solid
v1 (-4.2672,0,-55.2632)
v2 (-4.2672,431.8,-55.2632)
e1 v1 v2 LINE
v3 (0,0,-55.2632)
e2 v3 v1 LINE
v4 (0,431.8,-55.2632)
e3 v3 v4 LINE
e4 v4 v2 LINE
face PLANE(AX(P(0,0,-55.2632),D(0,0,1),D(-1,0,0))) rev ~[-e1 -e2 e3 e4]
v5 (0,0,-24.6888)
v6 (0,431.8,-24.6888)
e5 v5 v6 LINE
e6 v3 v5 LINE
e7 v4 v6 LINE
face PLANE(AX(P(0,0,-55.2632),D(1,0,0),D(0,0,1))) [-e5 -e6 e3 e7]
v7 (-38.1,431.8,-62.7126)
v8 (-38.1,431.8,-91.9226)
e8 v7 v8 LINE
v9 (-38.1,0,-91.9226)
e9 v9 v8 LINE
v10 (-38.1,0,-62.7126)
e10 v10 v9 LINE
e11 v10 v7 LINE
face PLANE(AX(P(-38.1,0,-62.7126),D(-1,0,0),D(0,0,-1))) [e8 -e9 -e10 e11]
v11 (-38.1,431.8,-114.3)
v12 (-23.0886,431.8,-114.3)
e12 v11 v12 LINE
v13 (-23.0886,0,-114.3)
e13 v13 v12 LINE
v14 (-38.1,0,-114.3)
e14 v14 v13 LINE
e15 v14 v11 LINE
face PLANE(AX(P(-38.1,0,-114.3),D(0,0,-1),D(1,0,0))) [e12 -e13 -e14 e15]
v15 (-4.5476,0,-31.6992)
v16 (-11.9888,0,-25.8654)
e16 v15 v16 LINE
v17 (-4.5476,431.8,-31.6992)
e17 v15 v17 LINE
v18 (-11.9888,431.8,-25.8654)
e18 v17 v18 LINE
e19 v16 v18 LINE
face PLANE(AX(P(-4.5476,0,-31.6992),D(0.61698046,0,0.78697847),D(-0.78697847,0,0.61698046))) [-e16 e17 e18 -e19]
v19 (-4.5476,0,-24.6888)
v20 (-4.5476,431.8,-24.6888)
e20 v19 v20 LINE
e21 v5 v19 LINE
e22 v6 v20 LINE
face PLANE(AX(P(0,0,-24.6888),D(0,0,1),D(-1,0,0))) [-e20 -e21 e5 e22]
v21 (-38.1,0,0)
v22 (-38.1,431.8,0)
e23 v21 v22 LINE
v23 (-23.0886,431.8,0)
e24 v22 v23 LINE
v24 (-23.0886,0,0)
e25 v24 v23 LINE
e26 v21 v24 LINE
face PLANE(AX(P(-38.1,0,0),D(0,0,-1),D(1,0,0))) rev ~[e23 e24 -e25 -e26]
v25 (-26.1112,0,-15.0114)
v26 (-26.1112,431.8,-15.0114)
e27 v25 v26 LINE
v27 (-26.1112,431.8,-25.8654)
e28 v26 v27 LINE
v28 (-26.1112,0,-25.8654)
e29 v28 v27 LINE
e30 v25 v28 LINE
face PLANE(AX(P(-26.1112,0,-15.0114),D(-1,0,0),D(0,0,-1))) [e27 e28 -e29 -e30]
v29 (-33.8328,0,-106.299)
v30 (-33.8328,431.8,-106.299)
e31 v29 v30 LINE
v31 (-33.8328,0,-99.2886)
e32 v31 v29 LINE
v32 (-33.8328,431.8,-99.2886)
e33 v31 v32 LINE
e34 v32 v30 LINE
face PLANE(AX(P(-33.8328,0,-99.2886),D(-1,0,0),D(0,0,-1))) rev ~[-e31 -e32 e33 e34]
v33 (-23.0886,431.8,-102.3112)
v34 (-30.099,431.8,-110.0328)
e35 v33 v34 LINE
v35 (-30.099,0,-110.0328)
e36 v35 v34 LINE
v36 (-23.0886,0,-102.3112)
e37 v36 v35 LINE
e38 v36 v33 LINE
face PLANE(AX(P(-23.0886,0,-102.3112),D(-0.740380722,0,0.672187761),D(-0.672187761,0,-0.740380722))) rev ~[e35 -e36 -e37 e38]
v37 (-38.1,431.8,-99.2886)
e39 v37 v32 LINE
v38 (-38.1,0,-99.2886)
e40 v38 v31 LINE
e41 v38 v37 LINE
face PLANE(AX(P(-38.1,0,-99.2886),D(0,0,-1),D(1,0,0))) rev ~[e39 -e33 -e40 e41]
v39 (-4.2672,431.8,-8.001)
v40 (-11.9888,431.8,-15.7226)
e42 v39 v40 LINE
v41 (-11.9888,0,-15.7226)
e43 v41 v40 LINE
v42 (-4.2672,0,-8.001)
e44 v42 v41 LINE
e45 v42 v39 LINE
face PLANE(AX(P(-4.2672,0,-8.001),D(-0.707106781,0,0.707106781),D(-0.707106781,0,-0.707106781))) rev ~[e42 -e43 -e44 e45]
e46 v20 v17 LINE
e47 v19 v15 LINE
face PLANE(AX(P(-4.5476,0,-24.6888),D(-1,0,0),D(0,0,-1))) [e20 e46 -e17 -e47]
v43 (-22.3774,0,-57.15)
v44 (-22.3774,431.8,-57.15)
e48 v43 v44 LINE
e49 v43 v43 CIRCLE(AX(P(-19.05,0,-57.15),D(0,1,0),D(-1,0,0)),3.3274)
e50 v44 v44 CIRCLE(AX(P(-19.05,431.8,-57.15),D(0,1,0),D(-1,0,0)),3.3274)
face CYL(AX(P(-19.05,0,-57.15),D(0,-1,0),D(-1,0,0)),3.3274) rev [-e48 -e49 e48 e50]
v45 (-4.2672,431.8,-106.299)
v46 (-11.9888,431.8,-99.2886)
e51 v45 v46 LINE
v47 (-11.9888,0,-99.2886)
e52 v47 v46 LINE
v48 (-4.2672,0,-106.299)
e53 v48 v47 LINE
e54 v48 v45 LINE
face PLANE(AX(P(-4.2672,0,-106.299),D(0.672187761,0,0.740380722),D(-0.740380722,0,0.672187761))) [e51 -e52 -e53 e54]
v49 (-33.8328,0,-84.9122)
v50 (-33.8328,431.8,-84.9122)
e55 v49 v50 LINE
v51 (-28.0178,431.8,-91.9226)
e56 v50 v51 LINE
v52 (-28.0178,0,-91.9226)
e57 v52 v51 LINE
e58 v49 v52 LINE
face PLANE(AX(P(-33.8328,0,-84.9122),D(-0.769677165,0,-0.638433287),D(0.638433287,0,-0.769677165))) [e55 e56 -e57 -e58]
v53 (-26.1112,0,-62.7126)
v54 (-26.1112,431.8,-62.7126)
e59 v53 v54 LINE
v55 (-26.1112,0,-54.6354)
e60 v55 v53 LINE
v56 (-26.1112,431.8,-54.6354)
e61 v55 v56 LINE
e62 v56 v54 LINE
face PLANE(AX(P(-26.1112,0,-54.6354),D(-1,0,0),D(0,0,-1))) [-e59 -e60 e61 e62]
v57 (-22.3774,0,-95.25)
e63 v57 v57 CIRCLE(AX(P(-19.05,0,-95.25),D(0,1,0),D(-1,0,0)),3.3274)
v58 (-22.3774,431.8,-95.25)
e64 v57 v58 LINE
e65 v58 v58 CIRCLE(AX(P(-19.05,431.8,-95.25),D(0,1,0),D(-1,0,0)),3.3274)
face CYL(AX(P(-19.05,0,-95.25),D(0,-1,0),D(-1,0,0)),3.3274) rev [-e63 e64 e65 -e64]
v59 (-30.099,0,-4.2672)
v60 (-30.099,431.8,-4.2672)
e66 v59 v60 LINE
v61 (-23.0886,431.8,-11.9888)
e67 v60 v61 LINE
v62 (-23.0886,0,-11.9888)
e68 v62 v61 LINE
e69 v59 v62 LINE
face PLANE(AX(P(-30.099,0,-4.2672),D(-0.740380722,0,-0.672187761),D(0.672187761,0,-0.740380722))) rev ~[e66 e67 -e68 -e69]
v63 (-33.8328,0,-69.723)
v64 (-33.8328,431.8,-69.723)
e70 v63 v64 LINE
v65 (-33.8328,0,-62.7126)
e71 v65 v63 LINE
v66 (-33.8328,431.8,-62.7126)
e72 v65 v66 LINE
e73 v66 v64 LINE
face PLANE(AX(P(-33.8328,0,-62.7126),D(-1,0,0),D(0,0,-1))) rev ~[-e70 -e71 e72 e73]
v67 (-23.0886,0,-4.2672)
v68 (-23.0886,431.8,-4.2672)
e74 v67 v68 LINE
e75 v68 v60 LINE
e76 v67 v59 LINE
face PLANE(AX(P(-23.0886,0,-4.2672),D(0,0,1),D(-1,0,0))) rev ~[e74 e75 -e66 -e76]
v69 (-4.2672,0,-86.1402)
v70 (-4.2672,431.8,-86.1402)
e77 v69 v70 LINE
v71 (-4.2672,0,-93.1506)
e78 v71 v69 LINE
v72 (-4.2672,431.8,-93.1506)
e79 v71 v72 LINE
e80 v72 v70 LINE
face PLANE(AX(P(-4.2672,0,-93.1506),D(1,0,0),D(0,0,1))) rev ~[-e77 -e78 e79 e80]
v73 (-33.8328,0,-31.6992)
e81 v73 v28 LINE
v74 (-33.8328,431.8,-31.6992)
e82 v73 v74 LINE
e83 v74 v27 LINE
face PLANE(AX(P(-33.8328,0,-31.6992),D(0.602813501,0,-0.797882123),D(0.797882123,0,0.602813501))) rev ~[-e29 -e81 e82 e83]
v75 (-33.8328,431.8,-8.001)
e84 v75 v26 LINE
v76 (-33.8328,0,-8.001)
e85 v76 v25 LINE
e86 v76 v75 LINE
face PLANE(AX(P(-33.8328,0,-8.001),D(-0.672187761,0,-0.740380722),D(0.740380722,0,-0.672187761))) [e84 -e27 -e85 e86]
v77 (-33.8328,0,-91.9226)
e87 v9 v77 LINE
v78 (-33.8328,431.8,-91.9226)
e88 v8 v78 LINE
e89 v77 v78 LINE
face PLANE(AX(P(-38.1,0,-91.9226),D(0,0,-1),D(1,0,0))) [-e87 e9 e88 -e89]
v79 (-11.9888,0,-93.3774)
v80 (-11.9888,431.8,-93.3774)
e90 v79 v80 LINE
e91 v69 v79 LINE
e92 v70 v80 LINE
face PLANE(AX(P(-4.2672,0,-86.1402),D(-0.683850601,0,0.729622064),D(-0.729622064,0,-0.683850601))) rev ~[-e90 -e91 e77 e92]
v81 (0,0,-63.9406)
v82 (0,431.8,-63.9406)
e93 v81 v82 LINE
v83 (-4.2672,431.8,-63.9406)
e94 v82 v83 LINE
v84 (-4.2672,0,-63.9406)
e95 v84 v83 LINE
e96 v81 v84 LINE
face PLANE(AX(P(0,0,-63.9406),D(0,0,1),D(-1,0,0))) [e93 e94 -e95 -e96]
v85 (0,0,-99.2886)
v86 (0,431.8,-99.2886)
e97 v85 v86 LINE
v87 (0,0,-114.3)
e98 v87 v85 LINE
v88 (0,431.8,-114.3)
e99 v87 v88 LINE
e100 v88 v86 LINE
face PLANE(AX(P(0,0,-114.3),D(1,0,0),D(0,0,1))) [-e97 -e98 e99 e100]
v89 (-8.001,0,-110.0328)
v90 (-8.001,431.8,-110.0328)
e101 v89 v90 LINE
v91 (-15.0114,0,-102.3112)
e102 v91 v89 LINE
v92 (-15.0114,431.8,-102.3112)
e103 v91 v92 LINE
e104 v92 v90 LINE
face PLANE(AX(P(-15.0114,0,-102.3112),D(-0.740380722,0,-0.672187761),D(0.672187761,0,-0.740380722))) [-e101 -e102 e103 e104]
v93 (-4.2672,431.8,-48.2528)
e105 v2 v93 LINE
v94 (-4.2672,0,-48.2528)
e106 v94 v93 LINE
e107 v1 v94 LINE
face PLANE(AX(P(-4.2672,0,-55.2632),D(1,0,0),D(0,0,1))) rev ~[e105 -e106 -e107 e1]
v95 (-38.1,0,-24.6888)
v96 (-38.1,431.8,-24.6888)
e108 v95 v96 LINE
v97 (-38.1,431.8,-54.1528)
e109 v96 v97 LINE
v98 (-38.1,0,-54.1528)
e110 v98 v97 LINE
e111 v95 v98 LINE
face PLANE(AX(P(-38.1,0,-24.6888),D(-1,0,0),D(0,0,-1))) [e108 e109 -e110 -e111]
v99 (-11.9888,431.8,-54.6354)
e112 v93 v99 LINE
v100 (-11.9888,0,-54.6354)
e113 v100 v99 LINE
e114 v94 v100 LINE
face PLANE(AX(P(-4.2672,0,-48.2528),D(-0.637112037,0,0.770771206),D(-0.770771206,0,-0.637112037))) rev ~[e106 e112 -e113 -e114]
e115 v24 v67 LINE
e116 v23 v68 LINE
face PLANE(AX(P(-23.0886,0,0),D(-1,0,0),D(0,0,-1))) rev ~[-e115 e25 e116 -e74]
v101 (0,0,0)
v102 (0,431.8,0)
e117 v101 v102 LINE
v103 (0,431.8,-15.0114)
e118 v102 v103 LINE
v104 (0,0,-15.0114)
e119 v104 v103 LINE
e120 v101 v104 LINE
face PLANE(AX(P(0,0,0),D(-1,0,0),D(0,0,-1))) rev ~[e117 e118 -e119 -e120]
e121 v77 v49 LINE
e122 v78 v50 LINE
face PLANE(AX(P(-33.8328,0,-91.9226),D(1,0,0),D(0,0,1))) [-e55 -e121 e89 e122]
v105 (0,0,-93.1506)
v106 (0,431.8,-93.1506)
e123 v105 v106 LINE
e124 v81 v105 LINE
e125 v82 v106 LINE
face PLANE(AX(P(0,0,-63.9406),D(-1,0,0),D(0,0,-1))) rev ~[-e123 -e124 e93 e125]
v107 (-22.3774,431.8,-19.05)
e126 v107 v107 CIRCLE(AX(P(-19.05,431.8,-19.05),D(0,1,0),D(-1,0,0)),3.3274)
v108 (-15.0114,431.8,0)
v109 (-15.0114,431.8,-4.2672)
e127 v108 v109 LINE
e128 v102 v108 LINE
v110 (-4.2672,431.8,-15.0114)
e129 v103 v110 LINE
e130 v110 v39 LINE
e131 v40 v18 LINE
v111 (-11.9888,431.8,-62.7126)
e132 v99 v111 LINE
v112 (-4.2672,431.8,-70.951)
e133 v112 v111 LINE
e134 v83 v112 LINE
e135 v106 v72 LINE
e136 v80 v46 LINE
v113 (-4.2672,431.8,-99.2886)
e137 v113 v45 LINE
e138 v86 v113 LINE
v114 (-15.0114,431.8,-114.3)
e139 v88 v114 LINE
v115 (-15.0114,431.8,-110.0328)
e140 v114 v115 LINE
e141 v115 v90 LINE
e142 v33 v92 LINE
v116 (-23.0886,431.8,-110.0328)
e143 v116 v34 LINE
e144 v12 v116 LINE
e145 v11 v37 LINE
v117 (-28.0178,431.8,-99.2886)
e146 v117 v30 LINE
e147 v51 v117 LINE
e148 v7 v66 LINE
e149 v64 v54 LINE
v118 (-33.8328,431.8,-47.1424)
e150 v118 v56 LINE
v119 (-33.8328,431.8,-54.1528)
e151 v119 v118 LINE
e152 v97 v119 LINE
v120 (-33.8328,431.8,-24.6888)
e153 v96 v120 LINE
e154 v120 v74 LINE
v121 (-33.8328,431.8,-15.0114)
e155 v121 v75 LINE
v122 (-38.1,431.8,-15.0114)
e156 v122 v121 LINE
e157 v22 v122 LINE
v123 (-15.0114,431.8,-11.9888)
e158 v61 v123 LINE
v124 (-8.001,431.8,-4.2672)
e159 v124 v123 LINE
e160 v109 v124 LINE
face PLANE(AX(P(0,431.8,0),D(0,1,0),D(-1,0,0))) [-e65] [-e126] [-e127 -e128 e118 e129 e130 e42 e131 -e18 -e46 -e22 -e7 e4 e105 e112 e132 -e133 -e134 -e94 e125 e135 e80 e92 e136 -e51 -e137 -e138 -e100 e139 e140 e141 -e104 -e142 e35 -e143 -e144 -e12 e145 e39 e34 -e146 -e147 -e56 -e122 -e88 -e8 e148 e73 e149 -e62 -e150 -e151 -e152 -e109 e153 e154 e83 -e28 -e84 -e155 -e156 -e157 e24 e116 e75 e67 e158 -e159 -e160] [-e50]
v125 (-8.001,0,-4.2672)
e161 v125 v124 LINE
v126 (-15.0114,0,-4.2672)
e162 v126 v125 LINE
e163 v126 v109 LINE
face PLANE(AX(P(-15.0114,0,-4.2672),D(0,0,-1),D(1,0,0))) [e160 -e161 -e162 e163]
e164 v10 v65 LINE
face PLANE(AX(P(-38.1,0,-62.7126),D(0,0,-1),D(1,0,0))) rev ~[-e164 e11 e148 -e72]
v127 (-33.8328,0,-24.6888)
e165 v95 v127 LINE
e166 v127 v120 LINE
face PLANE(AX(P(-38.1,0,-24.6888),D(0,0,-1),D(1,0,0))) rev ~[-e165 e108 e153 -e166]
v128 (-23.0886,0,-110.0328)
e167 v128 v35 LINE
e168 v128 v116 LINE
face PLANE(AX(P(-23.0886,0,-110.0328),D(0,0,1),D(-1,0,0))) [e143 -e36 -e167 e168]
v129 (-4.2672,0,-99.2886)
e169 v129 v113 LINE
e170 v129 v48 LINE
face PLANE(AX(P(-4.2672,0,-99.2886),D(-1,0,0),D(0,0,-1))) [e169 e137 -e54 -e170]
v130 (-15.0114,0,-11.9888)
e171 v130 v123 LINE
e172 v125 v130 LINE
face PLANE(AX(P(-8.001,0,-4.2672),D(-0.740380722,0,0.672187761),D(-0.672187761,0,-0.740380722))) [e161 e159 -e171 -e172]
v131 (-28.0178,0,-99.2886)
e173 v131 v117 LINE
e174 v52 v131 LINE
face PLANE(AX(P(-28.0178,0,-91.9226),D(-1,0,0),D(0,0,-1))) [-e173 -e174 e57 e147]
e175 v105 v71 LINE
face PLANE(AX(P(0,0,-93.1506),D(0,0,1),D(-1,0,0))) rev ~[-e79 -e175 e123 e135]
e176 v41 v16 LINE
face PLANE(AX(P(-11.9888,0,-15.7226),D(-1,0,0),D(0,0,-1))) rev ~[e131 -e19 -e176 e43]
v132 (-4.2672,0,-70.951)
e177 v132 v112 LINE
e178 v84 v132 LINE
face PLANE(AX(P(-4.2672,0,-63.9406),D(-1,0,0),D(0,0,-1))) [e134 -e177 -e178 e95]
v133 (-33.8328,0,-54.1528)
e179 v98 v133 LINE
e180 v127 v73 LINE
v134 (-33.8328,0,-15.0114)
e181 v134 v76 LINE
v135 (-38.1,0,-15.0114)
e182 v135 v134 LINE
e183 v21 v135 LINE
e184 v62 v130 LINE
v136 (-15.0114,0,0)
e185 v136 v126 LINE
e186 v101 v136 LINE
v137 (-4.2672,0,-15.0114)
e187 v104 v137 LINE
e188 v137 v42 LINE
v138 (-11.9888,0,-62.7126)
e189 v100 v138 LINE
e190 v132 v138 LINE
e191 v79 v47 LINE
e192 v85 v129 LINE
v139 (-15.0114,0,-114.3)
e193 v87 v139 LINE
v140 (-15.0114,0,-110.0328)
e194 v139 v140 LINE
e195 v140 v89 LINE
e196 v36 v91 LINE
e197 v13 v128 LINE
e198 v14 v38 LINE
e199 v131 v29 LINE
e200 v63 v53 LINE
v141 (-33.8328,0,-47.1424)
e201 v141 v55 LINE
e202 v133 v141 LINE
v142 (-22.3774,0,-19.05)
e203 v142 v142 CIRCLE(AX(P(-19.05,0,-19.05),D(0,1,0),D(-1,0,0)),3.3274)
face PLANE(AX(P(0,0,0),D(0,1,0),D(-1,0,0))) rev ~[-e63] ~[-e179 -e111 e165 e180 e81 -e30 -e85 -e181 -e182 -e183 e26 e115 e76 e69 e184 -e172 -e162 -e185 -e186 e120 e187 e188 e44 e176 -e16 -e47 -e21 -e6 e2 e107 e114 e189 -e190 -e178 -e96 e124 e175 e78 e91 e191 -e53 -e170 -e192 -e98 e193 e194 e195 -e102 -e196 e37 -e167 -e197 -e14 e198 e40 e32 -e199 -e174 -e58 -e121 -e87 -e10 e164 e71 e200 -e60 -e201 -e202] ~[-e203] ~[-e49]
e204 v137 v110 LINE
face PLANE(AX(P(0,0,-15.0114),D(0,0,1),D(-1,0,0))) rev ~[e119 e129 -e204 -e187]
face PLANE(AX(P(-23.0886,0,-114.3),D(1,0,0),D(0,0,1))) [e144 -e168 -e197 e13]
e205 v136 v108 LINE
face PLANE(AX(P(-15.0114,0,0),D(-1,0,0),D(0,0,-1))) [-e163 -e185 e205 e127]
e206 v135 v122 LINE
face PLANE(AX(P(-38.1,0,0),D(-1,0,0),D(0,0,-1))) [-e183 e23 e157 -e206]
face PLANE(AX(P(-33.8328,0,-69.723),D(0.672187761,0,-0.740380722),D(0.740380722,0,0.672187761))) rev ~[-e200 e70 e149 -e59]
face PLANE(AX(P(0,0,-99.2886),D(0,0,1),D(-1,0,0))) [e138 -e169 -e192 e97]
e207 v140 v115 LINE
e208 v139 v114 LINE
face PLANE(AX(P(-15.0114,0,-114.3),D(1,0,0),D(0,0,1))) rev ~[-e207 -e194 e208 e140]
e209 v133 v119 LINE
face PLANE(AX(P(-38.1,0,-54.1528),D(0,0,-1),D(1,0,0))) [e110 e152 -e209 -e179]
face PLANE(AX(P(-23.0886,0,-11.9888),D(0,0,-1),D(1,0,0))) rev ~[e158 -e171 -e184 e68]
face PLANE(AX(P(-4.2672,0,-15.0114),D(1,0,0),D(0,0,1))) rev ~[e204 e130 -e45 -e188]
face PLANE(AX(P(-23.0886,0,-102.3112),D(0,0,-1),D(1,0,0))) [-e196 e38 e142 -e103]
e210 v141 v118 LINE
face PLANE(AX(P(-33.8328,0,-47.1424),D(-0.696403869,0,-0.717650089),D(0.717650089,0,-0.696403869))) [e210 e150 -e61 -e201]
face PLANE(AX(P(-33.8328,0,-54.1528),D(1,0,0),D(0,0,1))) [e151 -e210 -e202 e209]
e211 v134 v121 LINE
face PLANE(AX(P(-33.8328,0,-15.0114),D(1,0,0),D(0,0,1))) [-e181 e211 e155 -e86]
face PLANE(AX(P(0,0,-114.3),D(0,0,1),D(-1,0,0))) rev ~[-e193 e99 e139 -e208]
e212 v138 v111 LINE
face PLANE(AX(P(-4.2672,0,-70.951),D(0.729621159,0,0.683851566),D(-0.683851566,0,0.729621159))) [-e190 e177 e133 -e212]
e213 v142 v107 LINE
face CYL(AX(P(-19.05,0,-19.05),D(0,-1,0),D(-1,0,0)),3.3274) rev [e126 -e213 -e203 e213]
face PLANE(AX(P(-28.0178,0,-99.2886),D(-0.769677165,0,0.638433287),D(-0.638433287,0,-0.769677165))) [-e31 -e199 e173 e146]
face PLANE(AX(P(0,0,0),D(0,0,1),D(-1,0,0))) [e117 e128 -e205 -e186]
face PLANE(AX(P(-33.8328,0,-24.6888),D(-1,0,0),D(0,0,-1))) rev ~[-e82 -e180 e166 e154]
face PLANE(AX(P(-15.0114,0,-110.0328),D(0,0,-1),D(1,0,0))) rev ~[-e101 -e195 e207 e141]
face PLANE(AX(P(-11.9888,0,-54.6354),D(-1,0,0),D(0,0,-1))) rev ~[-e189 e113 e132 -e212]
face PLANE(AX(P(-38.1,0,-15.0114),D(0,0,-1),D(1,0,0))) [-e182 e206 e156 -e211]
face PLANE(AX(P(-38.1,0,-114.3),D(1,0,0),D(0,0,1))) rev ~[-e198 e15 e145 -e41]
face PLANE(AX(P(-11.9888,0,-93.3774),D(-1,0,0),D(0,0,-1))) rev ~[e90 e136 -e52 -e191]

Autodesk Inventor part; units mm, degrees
ref_plane "YZ Plane" through (0, 0, 0) normal (1, 0, 0) x (0, 1, 0)
ref_plane "XZ Plane" through (0, 0, 0) normal (0, 1, 0) x (-1, 0, 0)
ref_plane "XY Plane" through (0, 0, 0) normal (0, 0, 1) x (1, 0, 0)
sketch "Sketch1" plane through (0, 0, 0) normal (0, 1, 0) x (-1, 0, 0)
  circle A0 centre (19.05, -19.05) radius 3.3274
  circle A1 centre (19.05, -57.15) radius 3.3274
  circle A2 centre (19.05, -95.25) radius 3.3274
  line L0 (0, 0) -> (15.0114, 0)
  line L1 (15.0114, 0) -> (15.0114, -4.2672)
  line L2 (15.0114, -4.2672) -> (8.001, -4.2672)
  line L3 (38.1, 0) -> (23.0886, 0)
  line L4 (23.0886, 0) -> (23.0886, -4.2672)
  line L5 (23.0886, -4.2672) -> (30.099, -4.2672)
  line L6 (8.001, -4.2672) -> (15.0114, -11.9888)
  line L7 (30.099, -4.2672) -> (23.0886, -11.9888)
  line L8 (23.0886, -11.9888) -> (15.0114, -11.9888)
  line L9 (38.1, 0) -> (38.1, -15.0114)
  line L10 (38.1, -15.0114) -> (33.8328, -15.0114)
  line L11 (33.8328, -15.0114) -> (33.8328, -8.001)
  line L12 (26.1112, -15.0114) -> (26.1112, -25.8654)
  line L13 (33.8328, -8.001) -> (26.1112, -15.0114)
  line L14 (38.1, -24.6888) -> (33.8328, -24.6888)
  line L15 (33.8328, -24.6888) -> (33.8328, -31.6992)
  line L16 (33.8328, -31.6992) -> (26.1112, -25.8654)
  line L17 (38.1, -114.3) -> (38.1, -99.2886)
  line L18 (38.1, -99.2886) -> (33.8328, -99.2886)
  line L19 (33.8328, -99.2886) -> (33.8328, -106.299)
  line L20 (38.1, -114.3) -> (23.0886, -114.3)
  line L21 (23.0886, -114.3) -> (23.0886, -110.0328)
  line L22 (23.0886, -110.0328) -> (30.099, -110.0328)
  line L23 (0, -114.3) -> (15.0114, -114.3)
  line L24 (15.0114, -114.3) -> (15.0114, -110.0328)
  line L25 (15.0114, -110.0328) -> (8.001, -110.0328)
  line L26 (23.0886, -102.3112) -> (15.0114, -102.3112)
  line L27 (23.0886, -102.3112) -> (30.099, -110.0328)
  line L28 (15.0114, -102.3112) -> (8.001, -110.0328)
  line L29 (38.1, -24.6888) -> (38.1, -54.1528)
  line L30 (38.1, -54.1528) -> (33.8328, -54.1528)
  line L31 (33.8328, -54.1528) -> (33.8328, -47.1424)
  line L32 (26.1112, -54.6354) -> (26.1112, -62.7126)
  line L33 (33.8328, -47.1424) -> (26.1112, -54.6354)
  line L34 (38.1, -62.7126) -> (33.8328, -62.7126)
  line L35 (33.8328, -62.7126) -> (33.8328, -69.723)
  line L36 (33.8328, -69.723) -> (26.1112, -62.7126)
  line L37 (38.1, -91.9226) -> (33.8328, -91.9226)
  line L38 (33.8328, -91.9226) -> (33.8328, -84.9122)
  line L39 (38.1, -62.7126) -> (38.1, -91.9226)
  line L40 (28.0178, -91.9226) -> (28.0178, -99.2886)
  line L41 (28.0178, -99.2886) -> (33.8328, -106.299)
  line L42 (33.8328, -84.9122) -> (28.0178, -91.9226)
  line L43 (11.9888, -54.6354) -> (11.9888, -62.7126)
  line L44 (11.9888, -93.3774) -> (11.9888, -99.2886)
  line L45 (0, 0) -> (0, -15.0114)
  line L46 (0, -15.0114) -> (4.2672, -15.0114)
  line L47 (4.2672, -15.0114) -> (4.2672, -8.001)
  line L48 (11.9888, -15.7226) -> (11.9888, -25.8654)
  line L49 (4.2672, -8.001) -> (11.9888, -15.7226)
  line L50 (0, -114.3) -> (0, -99.2886)
  line L51 (0, -99.2886) -> (4.2672, -99.2886)
  line L52 (4.2672, -99.2886) -> (4.2672, -106.299)
  line L53 (4.2672, -106.299) -> (11.9888, -99.2886)
  line L54 (0, -63.9406) -> (0, -93.1506)
  line L55 (0, -93.1506) -> (4.2672, -93.1506)
  line L56 (4.2672, -93.1506) -> (4.2672, -86.1402)
  line L57 (4.2672, -86.1402) -> (11.9888, -93.3774)
  line L58 (0, -63.9406) -> (4.2672, -63.9406)
  line L59 (4.2672, -63.9406) -> (4.2672, -70.951)
  line L60 (4.2672, -70.951) -> (11.9888, -62.7126)
  line L61 (0, -55.2632) -> (0, -24.6888)
  line L62 (0, -24.6888) -> (4.5476, -24.6888)
  line L63 (4.5476, -24.6888) -> (4.5476, -31.6992)
  line L64 (4.5476, -31.6992) -> (11.9888, -25.8654)
  line L65 (0, -55.2632) -> (4.2672, -55.2632)
  line L66 (4.2672, -55.2632) -> (4.2672, -48.2528)
  line L67 (4.2672, -48.2528) -> (11.9888, -54.6354)
  dimension "d0" = 38.1
  dimension "d1" = 114.3
  dimension "d2" = 6.6548
  dimension "d3" = 6.6548
  dimension "d4" = 6.6548
  dimension "d11" = 15.0114
  dimension "d12" = 4.2672
  dimension "d14" = 15.0114
  dimension "d15" = 7.0104
  dimension "d19" = 15.0114
  dimension "d20" = 4.2672
  dimension "d21" = 7.0104
  dimension "d22" = 11.9888
  dimension "d23" = 4.2672
  dimension "d24" = 7.0104
  dimension "d25" = 9.6774
  dimension "d26" = 15.0114
  dimension "d27" = 7.0104
  dimension "d28" = 15.0114
  dimension "d29" = 4.2672
  dimension "d30" = 7.0104
  dimension "d31" = 15.0114
  dimension "d32" = 7.0104
  dimension "d33" = 11.9888
  dimension "d34" = 29.464
  dimension "d35" = 7.0104
  dimension "d36" = 8.0772
  dimension "d37" = 11.9888
  dimension "d38" = 7.0104
  dimension "d39" = 7.0104
  dimension "d40" = 15.0114
  dimension "d41" = 4.2672
  dimension "d42" = 7.0104
  dimension "d43" = 11.9888
  dimension "d44" = 11.9888
  dimension "d45" = 11.9888
  dimension "d46" = 15.0114
  dimension "d47" = 4.2672
  dimension "d48" = 7.0104
  dimension "d49" = 7.0104
  dimension "d50" = 4.2672
  dimension "d51" = 7.0104
  dimension "d52" = 29.21
  dimension "d53" = 29.21
  dimension "d54" = 7.0104
  dimension "d55" = 4.2672
  dimension "d56" = 7.0104
extrude "Extrusion1" add sketch "Sketch1" along normal blind 431.8
properties part number "1545rail_17inch"
